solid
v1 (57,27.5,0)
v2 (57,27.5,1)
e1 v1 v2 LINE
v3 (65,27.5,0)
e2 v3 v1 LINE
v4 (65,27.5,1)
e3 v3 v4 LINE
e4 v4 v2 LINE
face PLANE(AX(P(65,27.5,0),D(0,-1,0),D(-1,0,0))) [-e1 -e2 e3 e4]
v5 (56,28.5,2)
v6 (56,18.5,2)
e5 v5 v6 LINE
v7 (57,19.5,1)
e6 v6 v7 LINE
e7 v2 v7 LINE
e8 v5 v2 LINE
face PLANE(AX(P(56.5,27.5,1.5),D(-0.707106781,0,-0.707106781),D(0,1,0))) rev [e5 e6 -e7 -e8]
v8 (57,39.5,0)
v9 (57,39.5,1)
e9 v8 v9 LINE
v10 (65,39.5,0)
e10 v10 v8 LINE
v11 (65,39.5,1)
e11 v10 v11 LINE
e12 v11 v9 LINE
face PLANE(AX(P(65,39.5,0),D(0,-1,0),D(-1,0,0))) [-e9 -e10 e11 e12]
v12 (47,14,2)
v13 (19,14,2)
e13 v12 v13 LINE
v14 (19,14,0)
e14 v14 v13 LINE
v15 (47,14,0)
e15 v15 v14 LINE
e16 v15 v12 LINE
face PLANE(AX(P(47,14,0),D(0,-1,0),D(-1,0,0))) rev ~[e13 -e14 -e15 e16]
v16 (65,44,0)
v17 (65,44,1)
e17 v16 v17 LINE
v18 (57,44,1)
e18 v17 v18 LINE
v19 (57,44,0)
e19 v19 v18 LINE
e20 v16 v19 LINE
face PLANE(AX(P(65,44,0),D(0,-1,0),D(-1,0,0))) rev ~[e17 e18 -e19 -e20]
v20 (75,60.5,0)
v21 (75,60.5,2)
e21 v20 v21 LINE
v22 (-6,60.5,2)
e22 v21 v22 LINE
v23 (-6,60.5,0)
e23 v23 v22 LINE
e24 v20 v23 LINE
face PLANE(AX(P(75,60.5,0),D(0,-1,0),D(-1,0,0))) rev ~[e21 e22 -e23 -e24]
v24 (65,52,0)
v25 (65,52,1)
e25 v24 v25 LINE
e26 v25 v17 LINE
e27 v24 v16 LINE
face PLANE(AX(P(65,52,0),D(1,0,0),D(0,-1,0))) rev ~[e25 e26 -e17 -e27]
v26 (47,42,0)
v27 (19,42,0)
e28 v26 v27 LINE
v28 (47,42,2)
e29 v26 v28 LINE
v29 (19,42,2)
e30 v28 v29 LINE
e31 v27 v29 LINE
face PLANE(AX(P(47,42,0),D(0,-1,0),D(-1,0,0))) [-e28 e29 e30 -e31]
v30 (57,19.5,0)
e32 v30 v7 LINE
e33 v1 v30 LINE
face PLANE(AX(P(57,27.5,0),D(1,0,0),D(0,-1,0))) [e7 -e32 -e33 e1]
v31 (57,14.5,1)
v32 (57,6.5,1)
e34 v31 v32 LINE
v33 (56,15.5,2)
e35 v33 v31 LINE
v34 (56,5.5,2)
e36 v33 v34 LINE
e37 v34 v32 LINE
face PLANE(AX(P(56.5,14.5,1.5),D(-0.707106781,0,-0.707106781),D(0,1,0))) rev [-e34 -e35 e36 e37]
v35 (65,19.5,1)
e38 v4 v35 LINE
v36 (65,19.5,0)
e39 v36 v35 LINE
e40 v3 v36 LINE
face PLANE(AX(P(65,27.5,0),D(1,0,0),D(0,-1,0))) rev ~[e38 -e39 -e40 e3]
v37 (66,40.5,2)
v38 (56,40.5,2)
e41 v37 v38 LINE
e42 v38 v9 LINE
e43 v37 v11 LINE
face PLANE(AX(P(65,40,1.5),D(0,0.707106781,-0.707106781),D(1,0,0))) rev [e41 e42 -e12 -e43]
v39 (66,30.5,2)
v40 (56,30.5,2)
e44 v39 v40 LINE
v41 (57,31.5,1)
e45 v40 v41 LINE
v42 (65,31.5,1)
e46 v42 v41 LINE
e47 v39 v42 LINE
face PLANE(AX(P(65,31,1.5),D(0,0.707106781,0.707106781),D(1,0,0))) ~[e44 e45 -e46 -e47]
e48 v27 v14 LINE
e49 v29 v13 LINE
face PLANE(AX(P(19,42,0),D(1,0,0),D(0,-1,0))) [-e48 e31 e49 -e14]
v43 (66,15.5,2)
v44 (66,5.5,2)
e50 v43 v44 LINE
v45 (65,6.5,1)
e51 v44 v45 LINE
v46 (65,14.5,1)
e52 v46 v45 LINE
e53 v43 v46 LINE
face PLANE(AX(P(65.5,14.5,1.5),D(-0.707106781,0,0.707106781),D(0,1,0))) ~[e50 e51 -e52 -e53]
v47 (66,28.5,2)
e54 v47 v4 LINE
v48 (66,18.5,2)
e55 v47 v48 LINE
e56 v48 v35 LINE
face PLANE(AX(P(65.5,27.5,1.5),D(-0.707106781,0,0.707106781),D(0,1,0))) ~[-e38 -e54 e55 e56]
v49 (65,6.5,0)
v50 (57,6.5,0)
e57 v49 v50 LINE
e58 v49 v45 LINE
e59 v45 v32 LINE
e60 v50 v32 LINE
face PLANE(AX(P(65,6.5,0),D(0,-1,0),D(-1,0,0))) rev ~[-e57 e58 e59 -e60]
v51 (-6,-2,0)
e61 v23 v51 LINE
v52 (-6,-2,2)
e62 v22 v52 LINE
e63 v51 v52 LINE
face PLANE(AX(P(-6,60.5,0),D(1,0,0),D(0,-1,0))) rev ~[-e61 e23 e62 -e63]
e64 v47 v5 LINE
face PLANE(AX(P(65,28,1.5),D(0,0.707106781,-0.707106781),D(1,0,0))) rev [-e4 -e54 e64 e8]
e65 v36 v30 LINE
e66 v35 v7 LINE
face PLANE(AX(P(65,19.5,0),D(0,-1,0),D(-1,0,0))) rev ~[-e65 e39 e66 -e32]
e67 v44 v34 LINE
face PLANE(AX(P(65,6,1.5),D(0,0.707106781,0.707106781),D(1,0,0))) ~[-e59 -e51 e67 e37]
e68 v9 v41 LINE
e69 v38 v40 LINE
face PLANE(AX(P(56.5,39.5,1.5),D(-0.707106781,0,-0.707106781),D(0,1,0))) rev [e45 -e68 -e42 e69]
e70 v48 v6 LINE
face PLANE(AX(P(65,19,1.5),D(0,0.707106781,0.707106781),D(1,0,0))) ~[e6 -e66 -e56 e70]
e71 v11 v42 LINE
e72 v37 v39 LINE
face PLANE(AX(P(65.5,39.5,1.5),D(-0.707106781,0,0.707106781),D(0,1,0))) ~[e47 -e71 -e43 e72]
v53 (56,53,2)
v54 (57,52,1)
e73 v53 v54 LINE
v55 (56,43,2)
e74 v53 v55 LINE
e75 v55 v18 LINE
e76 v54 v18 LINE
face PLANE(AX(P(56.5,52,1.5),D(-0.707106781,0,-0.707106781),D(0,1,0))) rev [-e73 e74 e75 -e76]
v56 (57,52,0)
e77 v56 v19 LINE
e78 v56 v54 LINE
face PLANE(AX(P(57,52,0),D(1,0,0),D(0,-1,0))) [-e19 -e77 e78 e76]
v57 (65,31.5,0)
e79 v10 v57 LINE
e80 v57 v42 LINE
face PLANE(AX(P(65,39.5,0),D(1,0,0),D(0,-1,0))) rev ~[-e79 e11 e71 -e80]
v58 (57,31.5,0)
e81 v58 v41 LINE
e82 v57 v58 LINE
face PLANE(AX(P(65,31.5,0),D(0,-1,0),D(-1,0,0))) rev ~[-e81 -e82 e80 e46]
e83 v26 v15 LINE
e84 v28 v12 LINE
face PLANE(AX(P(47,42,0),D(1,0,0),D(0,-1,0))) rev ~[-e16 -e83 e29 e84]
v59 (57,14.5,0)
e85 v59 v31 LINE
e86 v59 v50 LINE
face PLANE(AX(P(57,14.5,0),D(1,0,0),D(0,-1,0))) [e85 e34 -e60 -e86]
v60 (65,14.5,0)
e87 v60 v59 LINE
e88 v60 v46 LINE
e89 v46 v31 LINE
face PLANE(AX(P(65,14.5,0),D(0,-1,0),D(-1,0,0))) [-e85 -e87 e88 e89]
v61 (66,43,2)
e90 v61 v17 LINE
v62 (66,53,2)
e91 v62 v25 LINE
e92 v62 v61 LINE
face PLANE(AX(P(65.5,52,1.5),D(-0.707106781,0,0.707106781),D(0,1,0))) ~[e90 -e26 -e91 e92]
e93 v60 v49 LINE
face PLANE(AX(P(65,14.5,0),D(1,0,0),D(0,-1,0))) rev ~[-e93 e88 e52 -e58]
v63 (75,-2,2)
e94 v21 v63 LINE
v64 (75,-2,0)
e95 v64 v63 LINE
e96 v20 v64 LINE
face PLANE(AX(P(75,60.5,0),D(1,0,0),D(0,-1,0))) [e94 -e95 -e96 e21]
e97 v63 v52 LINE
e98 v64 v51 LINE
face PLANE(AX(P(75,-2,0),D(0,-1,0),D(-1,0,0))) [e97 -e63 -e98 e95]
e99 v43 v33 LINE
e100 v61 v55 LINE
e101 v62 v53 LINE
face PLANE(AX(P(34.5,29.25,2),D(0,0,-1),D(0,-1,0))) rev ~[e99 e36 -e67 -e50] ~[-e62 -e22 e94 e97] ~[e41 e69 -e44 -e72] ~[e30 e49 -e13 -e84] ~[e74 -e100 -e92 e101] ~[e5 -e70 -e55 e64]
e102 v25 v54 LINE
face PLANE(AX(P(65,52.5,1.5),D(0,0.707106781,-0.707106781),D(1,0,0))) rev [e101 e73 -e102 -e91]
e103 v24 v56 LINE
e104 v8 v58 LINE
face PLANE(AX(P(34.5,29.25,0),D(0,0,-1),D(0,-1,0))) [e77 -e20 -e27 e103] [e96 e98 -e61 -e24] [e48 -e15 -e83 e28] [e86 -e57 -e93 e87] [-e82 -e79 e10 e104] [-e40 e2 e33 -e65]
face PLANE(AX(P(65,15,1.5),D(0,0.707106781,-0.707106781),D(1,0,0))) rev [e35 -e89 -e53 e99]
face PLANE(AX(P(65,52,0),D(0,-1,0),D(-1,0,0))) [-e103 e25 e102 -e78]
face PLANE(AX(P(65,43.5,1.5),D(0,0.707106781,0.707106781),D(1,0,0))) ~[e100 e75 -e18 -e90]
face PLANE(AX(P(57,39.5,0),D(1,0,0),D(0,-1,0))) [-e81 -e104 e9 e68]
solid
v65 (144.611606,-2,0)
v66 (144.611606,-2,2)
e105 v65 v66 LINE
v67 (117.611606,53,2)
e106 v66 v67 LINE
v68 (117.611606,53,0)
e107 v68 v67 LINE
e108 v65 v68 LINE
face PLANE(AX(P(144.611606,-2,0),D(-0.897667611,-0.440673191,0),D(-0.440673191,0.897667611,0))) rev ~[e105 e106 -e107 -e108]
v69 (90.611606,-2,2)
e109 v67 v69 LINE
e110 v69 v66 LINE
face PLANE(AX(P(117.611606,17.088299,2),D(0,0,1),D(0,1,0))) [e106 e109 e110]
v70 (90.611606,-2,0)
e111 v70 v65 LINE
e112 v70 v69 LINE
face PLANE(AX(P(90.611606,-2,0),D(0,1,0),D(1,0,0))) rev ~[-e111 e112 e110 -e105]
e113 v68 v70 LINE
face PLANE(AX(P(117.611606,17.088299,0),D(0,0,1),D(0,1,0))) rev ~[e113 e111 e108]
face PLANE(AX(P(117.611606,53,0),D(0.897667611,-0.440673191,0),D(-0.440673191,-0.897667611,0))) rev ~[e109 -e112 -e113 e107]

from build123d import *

# Parameters (mm, degrees)
EXTRUDE006_DEPTH = 2
WIRE002_W        = 8
WIRE002_H        = 8
EXTRUDE002_DEPTH = 2
WIRE003_W        = 8
WIRE003_H        = 8
EXTRUDE003_DEPTH = 2
WIRE004_W        = 8
WIRE004_H        = 8
EXTRUDE004_DEPTH = 2
WIRE005_W        = 8
WIRE005_H        = 8
EXTRUDE005_DEPTH = 2
WIRE001_W        = 28
WIRE001_H        = 28
EXTRUDE001_DEPTH = 2
WIRE_W           = 62.5
WIRE_H           = 81
EXTRUDE_DEPTH    = 2
CHAMFER_SIZE     = 1


with BuildPart() as extrude006:
    # Wire006 → Extrude006 (new body)
    with BuildSketch(Plane(origin=(117.611606, 25.5, 0), x_dir=(0, 1, 0), z_dir=(0, 0, 1))):
        Polygon((27.5, 0), (-27.5, 27), (-27.5, -27), align=None)
    extrude(amount=EXTRUDE006_DEPTH)


with BuildPart() as extrude002:
    # Wire002 → Extrude002 (new body)
    with BuildSketch(Plane(origin=(61, 10.5, 0), x_dir=(0, -1, 0), z_dir=(0, 0, -1))):
        Rectangle(WIRE002_W, WIRE002_H)
    extrude(amount=-EXTRUDE002_DEPTH)


with BuildPart() as extrude003:
    # Wire003 → Extrude003 (new body)
    with BuildSketch(Plane(origin=(61, 23.5, 0), x_dir=(0, -1, 0), z_dir=(0, 0, -1))):
        Rectangle(WIRE003_W, WIRE003_H)
    extrude(amount=-EXTRUDE003_DEPTH)


with BuildPart() as extrude004:
    # Wire004 → Extrude004 (new body)
    with BuildSketch(Plane(origin=(61, 35.5, 0), x_dir=(0, -1, 0), z_dir=(0, 0, -1))):
        Rectangle(WIRE004_W, WIRE004_H)
    extrude(amount=-EXTRUDE004_DEPTH)


with BuildPart() as extrude005:
    # Wire005 → Extrude005 (new body)
    with BuildSketch(Plane(origin=(61, 48, 0), x_dir=(0, -1, 0), z_dir=(0, 0, -1))):
        Rectangle(WIRE005_W, WIRE005_H)
    extrude(amount=-EXTRUDE005_DEPTH)


with BuildPart() as fusion:
    # Wire001 → Extrude001 (new body)
    with BuildSketch(Plane(origin=(33, 28, 0), x_dir=(0, -1, 0), z_dir=(0, 0, -1))):
        Rectangle(WIRE001_W, WIRE001_H)
    extrude(amount=-EXTRUDE001_DEPTH)

    # Fusion: union Extrude002, Extrude003, Extrude004, Extrude005
    add(extrude002.part)
    add(extrude003.part)
    add(extrude004.part)
    add(extrude005.part)


with BuildPart() as chamfer_body:
    # Wire → Extrude (new body)
    with BuildSketch(Plane(origin=(34.5, 29.25, 0), x_dir=(0, -1, 0), z_dir=(0, 0, -1))):
        Rectangle(WIRE_W, WIRE_H)
    extrude(amount=-EXTRUDE_DEPTH)

    # Cut: cut Fusion
    add(fusion.part, mode=Mode.SUBTRACT)

    # Chamfer
    chamfer_edges = [chamfer_body.edges().sort_by_distance(p)[0] for p in [
        (61, 27.5, 2),
        (57, 23.5, 2),
        (61, 19.5, 2),
        (65, 23.5, 2),
        (61, 39.5, 2),
        (57, 35.5, 2),
        (61, 31.5, 2),
        (65, 35.5, 2),
        (61, 52, 2),
        (57, 48, 2),
        (61, 44, 2),
        (65, 48, 2),
        (61, 14.5, 2),
        (57, 10.5, 2),
        (61, 6.5, 2),
        (65, 10.5, 2),
    ]]
    chamfer(chamfer_edges, length=CHAMFER_SIZE)


solid = Compound([extrude006.part, chamfer_body.part])
